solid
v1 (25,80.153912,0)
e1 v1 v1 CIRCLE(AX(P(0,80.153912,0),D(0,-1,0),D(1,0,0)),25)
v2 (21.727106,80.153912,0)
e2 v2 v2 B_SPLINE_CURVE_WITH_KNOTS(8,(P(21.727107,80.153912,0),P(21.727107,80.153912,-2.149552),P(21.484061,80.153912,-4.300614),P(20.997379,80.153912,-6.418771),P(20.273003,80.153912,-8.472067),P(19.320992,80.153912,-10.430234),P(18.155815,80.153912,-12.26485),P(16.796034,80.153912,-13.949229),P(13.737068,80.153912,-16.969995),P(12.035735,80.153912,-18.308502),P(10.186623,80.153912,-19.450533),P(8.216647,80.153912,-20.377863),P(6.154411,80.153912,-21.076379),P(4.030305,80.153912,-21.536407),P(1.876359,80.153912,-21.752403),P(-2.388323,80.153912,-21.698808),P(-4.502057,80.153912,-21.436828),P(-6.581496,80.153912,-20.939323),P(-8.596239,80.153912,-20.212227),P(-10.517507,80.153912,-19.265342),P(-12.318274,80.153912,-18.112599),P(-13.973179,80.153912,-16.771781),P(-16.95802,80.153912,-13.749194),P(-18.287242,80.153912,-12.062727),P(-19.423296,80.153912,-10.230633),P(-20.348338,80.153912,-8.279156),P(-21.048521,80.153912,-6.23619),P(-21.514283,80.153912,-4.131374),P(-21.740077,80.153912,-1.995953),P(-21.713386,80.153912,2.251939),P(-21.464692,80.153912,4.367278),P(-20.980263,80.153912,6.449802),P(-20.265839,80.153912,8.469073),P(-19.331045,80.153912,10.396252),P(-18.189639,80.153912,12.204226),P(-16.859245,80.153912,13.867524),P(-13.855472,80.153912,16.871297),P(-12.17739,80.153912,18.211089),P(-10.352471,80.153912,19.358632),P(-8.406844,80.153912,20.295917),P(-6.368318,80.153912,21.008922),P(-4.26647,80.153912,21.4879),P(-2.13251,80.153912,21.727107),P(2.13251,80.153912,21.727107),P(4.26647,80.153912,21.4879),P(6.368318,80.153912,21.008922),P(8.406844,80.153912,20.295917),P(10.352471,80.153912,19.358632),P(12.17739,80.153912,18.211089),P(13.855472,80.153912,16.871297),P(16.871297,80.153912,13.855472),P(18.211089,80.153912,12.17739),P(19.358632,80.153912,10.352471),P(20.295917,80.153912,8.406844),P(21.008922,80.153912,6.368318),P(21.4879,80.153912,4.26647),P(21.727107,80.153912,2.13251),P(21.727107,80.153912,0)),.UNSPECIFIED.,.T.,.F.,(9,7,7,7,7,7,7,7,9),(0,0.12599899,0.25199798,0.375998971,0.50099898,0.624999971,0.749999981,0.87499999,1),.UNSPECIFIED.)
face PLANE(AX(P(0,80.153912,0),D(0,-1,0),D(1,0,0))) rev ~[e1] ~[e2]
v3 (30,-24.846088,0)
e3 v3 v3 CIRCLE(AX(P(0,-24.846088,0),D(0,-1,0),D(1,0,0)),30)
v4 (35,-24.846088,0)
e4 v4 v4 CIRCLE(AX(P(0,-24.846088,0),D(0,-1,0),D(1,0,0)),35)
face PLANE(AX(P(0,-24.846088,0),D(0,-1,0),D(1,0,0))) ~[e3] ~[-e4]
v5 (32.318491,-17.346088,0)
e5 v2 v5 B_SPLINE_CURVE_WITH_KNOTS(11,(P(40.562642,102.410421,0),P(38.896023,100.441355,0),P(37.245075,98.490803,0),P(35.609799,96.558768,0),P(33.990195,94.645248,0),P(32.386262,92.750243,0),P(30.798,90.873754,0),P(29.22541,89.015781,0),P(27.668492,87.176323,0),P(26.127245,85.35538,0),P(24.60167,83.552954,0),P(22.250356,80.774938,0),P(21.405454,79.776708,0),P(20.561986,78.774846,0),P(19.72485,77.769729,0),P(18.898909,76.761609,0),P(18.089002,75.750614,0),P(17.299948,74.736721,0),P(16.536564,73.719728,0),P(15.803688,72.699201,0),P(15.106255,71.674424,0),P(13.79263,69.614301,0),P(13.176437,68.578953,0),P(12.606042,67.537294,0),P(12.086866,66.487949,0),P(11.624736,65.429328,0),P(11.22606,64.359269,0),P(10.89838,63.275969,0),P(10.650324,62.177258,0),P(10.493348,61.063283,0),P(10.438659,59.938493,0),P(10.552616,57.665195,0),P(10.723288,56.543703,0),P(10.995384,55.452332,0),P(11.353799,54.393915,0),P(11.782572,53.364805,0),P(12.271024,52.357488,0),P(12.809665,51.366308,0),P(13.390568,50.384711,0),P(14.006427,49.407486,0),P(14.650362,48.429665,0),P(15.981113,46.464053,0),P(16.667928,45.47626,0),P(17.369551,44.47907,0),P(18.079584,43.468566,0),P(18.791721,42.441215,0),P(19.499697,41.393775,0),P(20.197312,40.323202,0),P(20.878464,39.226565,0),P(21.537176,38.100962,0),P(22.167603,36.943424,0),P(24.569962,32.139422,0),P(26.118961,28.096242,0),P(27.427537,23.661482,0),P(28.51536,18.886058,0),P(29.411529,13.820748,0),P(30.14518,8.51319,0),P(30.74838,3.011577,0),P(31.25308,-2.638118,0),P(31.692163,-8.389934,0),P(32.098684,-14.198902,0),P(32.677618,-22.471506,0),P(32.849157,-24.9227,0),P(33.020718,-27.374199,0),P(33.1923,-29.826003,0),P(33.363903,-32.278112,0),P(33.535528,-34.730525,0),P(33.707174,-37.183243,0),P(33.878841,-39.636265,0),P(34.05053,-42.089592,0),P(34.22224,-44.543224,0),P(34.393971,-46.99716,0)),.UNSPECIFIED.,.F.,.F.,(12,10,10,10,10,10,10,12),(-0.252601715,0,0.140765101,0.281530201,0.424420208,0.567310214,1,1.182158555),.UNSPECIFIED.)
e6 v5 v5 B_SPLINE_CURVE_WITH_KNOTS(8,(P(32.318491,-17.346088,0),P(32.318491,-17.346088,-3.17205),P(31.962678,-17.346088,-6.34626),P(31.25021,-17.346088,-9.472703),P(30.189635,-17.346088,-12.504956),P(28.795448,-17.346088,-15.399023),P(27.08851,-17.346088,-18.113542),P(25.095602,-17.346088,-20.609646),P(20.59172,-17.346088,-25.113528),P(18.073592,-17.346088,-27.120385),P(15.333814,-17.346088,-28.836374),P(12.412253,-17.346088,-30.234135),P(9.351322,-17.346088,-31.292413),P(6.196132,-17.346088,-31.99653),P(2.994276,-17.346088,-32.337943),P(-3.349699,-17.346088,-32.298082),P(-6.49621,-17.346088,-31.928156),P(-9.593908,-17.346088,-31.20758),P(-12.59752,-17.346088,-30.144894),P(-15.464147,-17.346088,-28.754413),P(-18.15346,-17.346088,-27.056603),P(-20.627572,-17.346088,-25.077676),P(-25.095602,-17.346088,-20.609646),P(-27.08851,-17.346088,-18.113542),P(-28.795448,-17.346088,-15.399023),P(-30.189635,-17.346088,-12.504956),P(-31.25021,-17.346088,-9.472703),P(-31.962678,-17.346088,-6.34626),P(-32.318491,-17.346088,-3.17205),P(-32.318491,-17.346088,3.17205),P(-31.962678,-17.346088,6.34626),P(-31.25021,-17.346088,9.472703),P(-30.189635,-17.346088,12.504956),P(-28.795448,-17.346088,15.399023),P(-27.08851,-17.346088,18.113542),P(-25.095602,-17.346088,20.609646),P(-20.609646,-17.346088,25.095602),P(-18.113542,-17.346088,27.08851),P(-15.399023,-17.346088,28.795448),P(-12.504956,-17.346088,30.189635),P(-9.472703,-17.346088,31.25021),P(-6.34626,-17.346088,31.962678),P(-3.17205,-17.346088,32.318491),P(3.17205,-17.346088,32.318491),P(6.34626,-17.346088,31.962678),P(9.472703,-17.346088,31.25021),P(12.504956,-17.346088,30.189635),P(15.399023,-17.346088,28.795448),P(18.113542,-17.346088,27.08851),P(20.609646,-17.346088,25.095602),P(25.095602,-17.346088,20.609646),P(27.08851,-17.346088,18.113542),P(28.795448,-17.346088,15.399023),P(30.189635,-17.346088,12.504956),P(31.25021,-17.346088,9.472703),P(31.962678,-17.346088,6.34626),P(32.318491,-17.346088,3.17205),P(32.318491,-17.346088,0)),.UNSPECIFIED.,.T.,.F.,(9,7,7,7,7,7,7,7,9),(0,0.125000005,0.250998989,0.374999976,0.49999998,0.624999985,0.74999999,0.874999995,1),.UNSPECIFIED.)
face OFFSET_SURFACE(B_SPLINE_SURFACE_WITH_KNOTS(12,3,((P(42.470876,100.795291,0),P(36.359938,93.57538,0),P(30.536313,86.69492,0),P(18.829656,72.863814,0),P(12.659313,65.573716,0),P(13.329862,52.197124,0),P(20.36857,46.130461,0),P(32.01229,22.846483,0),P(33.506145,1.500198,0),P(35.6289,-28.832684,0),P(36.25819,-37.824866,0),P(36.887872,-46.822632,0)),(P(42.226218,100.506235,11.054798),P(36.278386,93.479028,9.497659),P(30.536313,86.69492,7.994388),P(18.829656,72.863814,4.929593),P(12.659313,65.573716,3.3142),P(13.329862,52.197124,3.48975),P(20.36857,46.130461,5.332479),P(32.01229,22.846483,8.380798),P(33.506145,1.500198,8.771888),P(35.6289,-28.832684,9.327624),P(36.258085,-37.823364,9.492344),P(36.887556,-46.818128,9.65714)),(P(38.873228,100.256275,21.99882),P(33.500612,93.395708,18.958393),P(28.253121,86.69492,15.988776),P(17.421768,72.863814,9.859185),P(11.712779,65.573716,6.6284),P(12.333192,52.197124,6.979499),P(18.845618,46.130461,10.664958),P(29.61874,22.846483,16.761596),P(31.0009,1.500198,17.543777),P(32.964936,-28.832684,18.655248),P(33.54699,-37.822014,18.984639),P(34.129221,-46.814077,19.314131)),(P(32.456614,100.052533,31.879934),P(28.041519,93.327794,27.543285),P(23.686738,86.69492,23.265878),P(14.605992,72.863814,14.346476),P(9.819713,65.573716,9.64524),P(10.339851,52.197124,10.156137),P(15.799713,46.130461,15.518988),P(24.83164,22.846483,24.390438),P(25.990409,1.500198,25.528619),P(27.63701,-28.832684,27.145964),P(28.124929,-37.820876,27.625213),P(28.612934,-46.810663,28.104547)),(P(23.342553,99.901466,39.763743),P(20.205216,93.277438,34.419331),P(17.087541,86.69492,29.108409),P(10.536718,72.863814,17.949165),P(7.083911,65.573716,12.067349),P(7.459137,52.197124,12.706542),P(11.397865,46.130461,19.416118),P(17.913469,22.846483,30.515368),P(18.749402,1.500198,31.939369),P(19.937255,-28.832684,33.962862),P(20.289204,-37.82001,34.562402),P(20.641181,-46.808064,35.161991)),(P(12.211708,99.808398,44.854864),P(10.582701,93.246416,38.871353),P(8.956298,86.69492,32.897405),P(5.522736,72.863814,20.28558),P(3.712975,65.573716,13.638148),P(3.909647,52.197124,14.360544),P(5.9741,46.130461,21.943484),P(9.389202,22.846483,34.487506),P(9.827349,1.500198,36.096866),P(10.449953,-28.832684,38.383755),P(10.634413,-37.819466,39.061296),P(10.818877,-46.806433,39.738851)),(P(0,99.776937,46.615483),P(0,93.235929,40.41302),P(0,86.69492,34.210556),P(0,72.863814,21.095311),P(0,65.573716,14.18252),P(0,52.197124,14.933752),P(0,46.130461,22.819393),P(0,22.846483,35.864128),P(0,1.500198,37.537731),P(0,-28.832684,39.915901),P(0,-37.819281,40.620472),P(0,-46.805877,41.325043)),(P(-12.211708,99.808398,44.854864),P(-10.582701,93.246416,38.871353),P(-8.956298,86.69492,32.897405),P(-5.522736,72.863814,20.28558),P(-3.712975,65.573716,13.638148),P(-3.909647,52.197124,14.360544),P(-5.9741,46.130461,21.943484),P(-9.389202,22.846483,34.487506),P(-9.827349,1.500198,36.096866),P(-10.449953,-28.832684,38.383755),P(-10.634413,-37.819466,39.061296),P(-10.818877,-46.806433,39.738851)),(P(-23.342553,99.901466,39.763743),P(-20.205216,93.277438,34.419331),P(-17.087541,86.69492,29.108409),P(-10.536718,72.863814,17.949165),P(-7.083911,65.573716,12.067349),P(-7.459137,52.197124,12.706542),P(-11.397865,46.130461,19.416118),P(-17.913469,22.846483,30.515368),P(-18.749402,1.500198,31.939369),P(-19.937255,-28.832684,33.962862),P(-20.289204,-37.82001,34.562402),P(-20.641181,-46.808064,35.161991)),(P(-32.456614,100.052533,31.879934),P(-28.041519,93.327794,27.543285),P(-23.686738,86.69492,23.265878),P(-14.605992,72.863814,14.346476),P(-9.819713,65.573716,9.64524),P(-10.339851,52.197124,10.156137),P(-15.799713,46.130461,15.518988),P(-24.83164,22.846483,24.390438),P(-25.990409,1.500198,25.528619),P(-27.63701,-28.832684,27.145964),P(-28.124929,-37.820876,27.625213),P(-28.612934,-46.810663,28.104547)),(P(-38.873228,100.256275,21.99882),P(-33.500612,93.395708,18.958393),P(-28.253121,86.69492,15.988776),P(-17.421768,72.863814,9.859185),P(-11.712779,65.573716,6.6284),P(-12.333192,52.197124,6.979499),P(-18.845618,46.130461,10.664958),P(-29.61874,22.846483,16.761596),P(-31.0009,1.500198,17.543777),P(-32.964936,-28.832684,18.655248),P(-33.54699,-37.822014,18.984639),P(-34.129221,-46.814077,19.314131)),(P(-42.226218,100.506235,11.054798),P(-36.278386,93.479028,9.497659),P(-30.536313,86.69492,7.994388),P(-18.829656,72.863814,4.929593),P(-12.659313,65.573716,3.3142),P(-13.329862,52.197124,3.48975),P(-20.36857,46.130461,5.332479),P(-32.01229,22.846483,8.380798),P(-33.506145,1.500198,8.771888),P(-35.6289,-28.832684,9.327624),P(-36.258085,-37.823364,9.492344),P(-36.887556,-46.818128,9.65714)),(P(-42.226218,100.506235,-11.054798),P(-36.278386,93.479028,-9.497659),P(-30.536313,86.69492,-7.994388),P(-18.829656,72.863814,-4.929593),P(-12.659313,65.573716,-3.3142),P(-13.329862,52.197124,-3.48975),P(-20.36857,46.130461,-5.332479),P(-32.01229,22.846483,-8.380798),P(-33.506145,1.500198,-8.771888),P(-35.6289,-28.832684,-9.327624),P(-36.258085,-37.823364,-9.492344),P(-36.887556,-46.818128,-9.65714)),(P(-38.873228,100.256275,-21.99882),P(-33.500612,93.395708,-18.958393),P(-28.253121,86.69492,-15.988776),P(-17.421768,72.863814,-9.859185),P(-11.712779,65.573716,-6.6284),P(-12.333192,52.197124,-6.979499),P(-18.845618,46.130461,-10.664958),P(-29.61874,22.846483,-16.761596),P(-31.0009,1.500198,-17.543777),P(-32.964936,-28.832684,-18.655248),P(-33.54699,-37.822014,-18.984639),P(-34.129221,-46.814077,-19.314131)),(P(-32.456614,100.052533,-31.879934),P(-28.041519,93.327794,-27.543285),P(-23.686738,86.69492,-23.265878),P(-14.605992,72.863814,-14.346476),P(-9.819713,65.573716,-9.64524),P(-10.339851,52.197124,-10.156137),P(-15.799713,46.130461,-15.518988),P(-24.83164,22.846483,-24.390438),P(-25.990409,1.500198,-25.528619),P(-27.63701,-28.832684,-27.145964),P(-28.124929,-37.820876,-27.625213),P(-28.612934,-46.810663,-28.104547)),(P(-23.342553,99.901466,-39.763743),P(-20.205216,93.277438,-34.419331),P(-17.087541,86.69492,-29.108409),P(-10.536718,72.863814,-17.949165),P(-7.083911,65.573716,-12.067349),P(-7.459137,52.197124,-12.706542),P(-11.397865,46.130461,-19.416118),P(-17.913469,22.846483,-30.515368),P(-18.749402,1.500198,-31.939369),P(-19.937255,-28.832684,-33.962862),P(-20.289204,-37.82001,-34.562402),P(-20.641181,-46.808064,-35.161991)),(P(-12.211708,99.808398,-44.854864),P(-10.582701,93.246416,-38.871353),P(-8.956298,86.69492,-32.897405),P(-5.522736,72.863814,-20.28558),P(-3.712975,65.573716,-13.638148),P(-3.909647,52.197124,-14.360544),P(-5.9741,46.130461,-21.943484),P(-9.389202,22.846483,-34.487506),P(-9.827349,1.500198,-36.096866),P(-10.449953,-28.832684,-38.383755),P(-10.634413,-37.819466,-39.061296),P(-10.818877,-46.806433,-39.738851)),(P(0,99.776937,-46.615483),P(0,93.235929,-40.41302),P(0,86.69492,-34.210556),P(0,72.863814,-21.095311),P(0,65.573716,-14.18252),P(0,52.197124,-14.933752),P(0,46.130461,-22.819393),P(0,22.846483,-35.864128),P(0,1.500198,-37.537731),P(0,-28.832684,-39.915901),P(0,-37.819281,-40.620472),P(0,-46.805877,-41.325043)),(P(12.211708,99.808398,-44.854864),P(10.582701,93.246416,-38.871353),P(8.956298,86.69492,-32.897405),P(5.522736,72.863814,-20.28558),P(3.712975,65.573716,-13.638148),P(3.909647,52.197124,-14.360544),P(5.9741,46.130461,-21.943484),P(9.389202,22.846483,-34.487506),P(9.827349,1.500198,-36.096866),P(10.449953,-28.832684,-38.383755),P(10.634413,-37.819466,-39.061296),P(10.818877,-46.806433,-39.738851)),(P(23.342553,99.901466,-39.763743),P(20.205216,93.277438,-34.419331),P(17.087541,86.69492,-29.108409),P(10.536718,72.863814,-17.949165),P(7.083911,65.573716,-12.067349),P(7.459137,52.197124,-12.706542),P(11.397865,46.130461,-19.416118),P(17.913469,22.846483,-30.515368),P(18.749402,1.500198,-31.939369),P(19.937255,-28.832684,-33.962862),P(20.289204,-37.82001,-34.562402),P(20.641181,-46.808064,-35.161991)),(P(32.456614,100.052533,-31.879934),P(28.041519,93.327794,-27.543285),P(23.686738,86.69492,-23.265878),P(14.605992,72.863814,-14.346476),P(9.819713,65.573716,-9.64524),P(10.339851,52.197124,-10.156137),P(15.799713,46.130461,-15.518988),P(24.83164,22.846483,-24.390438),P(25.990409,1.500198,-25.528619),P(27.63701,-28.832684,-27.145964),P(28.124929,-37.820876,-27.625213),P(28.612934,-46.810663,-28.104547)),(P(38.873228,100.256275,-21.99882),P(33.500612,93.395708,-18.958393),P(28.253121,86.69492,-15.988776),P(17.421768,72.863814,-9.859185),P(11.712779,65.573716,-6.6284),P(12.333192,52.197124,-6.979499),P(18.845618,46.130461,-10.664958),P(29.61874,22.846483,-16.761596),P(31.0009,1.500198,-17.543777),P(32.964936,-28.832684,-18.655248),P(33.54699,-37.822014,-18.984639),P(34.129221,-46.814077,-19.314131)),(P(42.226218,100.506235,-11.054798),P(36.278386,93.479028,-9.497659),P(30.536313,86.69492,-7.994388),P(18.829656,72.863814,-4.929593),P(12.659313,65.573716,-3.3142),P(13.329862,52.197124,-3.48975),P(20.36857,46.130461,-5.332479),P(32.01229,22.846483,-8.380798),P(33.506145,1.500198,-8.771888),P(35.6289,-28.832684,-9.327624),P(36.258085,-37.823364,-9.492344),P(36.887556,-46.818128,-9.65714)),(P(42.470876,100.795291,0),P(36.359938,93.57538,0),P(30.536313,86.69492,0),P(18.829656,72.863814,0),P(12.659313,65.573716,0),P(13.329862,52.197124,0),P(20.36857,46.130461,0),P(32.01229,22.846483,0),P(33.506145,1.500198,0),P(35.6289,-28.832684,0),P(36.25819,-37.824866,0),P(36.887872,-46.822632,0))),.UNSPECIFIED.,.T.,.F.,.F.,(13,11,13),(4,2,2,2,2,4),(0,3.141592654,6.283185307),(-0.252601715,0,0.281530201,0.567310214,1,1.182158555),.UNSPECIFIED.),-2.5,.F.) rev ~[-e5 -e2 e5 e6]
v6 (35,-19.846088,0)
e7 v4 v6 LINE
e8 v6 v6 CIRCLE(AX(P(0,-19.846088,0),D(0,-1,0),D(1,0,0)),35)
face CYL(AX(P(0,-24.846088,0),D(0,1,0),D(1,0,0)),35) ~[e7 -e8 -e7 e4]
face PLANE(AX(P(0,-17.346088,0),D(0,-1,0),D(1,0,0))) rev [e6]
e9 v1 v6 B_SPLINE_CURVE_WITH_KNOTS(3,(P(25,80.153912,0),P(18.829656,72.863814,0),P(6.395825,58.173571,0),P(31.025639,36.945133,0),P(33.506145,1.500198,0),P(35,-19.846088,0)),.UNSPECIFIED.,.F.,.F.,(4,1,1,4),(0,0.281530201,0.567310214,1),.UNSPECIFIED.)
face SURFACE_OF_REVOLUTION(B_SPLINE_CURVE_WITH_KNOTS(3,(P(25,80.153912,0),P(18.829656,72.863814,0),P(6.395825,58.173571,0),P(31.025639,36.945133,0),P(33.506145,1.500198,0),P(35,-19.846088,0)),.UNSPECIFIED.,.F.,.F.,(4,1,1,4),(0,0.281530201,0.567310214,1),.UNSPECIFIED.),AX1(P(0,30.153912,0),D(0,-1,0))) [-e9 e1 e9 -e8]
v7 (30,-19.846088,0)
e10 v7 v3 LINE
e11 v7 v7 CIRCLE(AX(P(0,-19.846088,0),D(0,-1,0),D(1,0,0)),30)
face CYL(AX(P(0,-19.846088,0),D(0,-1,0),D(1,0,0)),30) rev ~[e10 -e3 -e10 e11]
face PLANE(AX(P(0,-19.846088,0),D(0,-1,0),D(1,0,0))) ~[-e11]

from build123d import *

# Parameters (mm, degrees)
F2_T = -2.5


with BuildPart() as f1:
    # F0 (on Top) → F1 (revolve)
    with BuildSketch(Plane.XY):
        with BuildLine():
            add(Edge.make_bspline(
                [(25, 80.1539123058), (18.8296563793, 72.8638140322), (6.3958253179, 58.1735705177), (31.0256389858, 36.9451326056), (33.5061450744, 1.5001976258), (35, -19.8460876942)],
                knots=[0, 0, 0, 0, 0.2815302014, 0.5673102145, 1, 1, 1, 1], degree=3))
            Line((25, 80.1539123058), (0, 80.1539123058))
            Line((0, 80.1539123058), (0, -19.8460876942))
            Line((0, -19.8460876942), (30, -19.8460876942))
            Line((30, -19.8460876942), (30, -24.8460876942))
            Line((30, -24.8460876942), (35, -24.8460876942))
            Line((35, -24.8460876942), (35, -19.8460876942))
        make_face()
    revolve(axis=Axis((0, 30.1539123058, 0), (0, -1, 0)))

    # F2
    f2_openings = [f1.faces().sort_by_distance(p)[0] for p in [
        (0, 80.153912, 0),
    ]]
    offset(amount=F2_T, openings=f2_openings, kind=Kind.INTERSECTION)


solid = f1.part
